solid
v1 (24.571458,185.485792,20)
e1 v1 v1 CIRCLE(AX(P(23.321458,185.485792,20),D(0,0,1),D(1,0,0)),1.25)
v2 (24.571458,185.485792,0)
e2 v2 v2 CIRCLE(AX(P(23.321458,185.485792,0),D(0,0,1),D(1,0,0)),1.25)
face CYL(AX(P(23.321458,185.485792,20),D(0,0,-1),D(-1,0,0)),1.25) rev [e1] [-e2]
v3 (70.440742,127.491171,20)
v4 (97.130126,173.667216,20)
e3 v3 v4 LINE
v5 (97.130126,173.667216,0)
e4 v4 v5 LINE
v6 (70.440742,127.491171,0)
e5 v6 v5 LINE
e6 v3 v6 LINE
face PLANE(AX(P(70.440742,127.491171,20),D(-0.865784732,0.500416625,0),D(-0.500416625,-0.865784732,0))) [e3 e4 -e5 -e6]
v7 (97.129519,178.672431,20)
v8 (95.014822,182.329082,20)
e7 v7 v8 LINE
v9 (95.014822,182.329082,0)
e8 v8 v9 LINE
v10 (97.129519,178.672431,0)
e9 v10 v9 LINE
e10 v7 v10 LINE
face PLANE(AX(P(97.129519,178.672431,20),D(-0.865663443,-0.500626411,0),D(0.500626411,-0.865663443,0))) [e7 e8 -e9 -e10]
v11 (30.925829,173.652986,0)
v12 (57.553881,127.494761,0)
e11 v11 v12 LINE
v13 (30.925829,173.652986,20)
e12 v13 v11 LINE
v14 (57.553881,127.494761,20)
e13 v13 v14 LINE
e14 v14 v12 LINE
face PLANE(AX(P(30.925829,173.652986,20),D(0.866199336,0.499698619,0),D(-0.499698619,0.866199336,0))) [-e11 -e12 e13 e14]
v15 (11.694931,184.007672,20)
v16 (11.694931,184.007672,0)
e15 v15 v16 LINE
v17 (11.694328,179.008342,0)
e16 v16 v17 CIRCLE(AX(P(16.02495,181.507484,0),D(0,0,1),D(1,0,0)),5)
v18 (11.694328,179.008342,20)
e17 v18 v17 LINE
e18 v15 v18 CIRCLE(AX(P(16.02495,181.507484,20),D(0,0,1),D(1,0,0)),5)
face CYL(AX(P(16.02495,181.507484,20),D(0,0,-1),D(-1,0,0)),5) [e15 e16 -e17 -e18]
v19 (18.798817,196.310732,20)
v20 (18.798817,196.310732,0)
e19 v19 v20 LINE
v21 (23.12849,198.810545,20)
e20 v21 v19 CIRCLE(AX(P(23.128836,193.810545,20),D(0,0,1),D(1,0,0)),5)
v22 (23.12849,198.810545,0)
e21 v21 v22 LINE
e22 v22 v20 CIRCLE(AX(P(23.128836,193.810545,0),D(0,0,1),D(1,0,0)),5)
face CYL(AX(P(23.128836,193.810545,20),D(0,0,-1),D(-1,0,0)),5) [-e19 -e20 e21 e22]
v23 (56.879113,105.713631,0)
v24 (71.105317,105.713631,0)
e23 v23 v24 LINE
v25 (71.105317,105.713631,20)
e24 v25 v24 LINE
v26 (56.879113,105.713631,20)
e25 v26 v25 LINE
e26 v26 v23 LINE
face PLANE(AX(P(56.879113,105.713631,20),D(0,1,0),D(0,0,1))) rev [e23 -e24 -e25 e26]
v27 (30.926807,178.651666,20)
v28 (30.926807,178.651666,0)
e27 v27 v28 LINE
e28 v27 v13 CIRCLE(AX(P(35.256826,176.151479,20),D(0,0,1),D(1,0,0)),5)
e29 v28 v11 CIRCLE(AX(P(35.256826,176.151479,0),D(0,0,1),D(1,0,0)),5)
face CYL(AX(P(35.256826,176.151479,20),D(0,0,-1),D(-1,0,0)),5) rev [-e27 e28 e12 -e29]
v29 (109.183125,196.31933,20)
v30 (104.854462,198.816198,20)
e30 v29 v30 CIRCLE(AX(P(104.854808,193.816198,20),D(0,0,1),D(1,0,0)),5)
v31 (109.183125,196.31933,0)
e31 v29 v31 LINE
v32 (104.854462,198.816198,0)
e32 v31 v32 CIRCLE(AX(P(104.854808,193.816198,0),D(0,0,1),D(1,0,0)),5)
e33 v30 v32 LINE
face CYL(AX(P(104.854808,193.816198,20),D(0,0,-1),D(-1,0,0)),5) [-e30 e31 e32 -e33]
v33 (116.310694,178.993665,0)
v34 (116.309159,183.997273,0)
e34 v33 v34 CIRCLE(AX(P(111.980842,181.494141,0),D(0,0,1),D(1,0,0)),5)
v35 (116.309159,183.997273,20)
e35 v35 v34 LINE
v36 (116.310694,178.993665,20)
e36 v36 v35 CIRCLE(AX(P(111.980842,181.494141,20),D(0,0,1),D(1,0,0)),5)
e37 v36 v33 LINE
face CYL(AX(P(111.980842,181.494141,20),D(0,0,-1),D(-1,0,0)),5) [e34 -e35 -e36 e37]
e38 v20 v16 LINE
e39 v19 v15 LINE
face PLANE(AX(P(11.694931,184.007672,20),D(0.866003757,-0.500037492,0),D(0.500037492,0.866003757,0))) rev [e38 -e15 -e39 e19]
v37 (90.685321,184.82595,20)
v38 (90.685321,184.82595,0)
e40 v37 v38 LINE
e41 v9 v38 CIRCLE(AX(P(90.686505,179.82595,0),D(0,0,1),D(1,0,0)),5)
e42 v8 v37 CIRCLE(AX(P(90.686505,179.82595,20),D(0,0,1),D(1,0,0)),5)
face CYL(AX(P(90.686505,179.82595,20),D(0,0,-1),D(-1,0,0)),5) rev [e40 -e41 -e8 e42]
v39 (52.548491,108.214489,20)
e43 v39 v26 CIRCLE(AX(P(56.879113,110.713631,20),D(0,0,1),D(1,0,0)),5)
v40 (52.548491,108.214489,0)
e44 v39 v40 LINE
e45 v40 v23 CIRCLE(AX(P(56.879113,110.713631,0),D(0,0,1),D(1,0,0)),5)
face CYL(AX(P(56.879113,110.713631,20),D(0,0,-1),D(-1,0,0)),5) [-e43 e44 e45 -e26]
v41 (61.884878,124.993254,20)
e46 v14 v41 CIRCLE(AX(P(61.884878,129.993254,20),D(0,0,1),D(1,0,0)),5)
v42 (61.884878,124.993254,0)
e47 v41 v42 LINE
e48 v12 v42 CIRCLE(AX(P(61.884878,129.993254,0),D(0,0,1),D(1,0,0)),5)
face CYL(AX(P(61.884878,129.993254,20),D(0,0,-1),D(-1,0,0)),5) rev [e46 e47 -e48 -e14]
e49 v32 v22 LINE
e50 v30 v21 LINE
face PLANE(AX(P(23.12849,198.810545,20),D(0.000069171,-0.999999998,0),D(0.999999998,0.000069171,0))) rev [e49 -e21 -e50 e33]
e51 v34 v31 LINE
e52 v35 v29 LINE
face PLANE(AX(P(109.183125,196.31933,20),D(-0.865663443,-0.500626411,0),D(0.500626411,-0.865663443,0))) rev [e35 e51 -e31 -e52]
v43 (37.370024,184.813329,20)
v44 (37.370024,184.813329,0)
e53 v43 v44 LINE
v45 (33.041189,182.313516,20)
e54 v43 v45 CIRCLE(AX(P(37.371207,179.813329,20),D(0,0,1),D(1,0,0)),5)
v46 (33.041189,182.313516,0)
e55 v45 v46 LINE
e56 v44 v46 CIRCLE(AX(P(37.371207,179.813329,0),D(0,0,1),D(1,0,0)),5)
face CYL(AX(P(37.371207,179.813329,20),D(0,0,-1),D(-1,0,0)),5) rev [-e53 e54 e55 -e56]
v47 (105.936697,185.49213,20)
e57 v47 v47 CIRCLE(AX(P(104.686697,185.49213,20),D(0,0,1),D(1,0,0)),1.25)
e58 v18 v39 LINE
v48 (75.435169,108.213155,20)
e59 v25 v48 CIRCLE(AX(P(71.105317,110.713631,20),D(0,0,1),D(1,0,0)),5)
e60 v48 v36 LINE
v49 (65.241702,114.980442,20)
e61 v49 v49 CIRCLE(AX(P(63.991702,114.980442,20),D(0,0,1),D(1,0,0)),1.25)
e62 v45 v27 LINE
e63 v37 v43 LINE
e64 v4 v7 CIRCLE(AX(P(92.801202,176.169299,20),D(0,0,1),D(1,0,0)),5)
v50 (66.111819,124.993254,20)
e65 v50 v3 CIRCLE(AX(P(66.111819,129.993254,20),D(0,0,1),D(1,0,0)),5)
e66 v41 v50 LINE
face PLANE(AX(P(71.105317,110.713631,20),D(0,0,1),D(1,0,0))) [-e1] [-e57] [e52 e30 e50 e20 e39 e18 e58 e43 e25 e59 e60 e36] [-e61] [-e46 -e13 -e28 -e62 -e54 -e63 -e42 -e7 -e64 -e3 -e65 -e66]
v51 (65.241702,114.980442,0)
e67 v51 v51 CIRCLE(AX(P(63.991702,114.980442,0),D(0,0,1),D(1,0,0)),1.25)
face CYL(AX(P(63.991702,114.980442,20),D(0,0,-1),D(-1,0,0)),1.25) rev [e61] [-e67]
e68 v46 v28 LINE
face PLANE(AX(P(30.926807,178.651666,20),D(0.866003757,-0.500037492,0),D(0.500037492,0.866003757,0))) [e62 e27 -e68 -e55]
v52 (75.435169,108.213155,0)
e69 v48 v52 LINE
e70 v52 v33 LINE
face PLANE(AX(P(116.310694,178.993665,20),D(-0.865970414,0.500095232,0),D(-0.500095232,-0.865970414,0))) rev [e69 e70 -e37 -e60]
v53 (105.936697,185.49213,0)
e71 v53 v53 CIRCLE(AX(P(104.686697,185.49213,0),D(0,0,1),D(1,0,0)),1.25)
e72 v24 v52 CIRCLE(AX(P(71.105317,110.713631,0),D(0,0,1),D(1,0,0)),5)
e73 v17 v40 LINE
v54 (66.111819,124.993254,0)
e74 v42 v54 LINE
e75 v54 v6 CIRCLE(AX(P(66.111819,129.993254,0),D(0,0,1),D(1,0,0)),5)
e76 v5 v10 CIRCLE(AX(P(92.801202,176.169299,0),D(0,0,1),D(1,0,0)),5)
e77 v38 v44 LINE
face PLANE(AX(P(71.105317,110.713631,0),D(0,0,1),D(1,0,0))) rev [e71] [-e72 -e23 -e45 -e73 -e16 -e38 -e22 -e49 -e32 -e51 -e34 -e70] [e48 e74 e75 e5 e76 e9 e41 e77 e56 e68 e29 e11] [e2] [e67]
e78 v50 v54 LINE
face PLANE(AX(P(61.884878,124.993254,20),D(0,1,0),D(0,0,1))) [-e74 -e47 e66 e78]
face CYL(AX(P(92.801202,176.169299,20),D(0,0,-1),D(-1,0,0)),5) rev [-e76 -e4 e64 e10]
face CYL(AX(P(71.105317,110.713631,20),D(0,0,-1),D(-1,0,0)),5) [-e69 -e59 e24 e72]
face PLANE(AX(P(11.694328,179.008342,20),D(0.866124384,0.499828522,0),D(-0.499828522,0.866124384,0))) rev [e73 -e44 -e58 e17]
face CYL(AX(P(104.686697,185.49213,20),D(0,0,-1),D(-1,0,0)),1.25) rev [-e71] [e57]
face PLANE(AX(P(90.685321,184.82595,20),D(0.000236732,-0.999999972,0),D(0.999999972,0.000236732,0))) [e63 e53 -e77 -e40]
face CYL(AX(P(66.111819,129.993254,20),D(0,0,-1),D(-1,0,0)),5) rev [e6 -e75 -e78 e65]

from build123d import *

# Parameters (mm, degrees)
MODEL_R                  = 1.25
RESSALTO_EXTRUS_O1_DEPTH = 20


with BuildPart() as part:
    # Model → Ressalto-extrusão1 (new body)
    with BuildSketch(Plane.XY):
        with BuildLine():
            Line((11.694931393, 184.007671687), (18.798816999, 196.310732401))
            ThreePointArc((18.798816999, 196.310732401), (20.628779754, 198.140639612), (23.128489927, 198.81054493))
            Line((23.128489927, 198.81054493), (104.854461984, 198.816198006))
            ThreePointArc((104.854461984, 198.816198006), (107.353091528, 198.147315496), (109.183125054, 196.319330074))
            Line((109.183125054, 196.319330074), (116.309159239, 183.99727285))
            ThreePointArc((116.309159239, 183.99727285), (116.980841789, 181.495674545), (116.310694096, 178.993664633))
            Line((116.310694096, 178.993664633), (75.435169171, 108.213155276))
            ThreePointArc((75.435169171, 108.213155276), (73.605079007, 106.383366964), (71.105317099, 105.713631437))
            Line((71.105317099, 105.713631437), (56.87911326, 105.713631437))
            ThreePointArc((56.87911326, 105.713631437), (54.378684602, 106.383751932), (52.548491341, 108.214488825))
            Line((52.548491341, 108.214488825), (11.694328258, 179.008341616))
            ThreePointArc((11.694328258, 179.008341616), (11.024950213, 181.508087444), (11.694931393, 184.007671687))
        make_face()
        with Locations((23.321458454, 185.48579228)):
            Circle(MODEL_R, mode=Mode.SUBTRACT)
        with Locations((63.991701896, 114.980441868)):
            Circle(MODEL_R, mode=Mode.SUBTRACT)
        with Locations((104.686697162, 185.492130263)):
            Circle(MODEL_R, mode=Mode.SUBTRACT)
        with BuildLine():
            Line((30.926807018, 178.651666079), (33.041188625, 182.313516329))
            ThreePointArc((33.041188625, 182.313516329), (34.870788611, 184.143214068), (37.370023748, 184.813328729))
            Line((37.370023748, 184.813328729), (90.685321042, 184.825950173))
            ThreePointArc((90.685321042, 184.825950173), (93.184425519, 184.157277084), (95.014821917, 182.329082369))
            Line((95.014821917, 182.329082369), (97.129519324, 178.672431029))
            ThreePointArc((97.129519324, 178.672431029), (97.801202073, 176.169904784), (97.130125767, 173.667215847))
            Line((97.130125767, 173.667215847), (70.44074248, 127.491170956))
            ThreePointArc((70.44074248, 127.491170956), (68.610777042, 125.662525758), (66.111818822, 124.993254082))
            Line((66.111818822, 124.993254082), (61.884877937, 124.993254082))
            ThreePointArc((61.884877937, 124.993254082), (59.3841246, 125.66356209), (57.553881257, 127.494760984))
            Line((57.553881257, 127.494760984), (30.925829122, 173.652985522))
            ThreePointArc((30.925829122, 173.652985522), (30.256825897, 176.152456774), (30.926807018, 178.651666079))
        make_face(mode=Mode.SUBTRACT)
    extrude(amount=RESSALTO_EXTRUS_O1_DEPTH)


solid = part.part
